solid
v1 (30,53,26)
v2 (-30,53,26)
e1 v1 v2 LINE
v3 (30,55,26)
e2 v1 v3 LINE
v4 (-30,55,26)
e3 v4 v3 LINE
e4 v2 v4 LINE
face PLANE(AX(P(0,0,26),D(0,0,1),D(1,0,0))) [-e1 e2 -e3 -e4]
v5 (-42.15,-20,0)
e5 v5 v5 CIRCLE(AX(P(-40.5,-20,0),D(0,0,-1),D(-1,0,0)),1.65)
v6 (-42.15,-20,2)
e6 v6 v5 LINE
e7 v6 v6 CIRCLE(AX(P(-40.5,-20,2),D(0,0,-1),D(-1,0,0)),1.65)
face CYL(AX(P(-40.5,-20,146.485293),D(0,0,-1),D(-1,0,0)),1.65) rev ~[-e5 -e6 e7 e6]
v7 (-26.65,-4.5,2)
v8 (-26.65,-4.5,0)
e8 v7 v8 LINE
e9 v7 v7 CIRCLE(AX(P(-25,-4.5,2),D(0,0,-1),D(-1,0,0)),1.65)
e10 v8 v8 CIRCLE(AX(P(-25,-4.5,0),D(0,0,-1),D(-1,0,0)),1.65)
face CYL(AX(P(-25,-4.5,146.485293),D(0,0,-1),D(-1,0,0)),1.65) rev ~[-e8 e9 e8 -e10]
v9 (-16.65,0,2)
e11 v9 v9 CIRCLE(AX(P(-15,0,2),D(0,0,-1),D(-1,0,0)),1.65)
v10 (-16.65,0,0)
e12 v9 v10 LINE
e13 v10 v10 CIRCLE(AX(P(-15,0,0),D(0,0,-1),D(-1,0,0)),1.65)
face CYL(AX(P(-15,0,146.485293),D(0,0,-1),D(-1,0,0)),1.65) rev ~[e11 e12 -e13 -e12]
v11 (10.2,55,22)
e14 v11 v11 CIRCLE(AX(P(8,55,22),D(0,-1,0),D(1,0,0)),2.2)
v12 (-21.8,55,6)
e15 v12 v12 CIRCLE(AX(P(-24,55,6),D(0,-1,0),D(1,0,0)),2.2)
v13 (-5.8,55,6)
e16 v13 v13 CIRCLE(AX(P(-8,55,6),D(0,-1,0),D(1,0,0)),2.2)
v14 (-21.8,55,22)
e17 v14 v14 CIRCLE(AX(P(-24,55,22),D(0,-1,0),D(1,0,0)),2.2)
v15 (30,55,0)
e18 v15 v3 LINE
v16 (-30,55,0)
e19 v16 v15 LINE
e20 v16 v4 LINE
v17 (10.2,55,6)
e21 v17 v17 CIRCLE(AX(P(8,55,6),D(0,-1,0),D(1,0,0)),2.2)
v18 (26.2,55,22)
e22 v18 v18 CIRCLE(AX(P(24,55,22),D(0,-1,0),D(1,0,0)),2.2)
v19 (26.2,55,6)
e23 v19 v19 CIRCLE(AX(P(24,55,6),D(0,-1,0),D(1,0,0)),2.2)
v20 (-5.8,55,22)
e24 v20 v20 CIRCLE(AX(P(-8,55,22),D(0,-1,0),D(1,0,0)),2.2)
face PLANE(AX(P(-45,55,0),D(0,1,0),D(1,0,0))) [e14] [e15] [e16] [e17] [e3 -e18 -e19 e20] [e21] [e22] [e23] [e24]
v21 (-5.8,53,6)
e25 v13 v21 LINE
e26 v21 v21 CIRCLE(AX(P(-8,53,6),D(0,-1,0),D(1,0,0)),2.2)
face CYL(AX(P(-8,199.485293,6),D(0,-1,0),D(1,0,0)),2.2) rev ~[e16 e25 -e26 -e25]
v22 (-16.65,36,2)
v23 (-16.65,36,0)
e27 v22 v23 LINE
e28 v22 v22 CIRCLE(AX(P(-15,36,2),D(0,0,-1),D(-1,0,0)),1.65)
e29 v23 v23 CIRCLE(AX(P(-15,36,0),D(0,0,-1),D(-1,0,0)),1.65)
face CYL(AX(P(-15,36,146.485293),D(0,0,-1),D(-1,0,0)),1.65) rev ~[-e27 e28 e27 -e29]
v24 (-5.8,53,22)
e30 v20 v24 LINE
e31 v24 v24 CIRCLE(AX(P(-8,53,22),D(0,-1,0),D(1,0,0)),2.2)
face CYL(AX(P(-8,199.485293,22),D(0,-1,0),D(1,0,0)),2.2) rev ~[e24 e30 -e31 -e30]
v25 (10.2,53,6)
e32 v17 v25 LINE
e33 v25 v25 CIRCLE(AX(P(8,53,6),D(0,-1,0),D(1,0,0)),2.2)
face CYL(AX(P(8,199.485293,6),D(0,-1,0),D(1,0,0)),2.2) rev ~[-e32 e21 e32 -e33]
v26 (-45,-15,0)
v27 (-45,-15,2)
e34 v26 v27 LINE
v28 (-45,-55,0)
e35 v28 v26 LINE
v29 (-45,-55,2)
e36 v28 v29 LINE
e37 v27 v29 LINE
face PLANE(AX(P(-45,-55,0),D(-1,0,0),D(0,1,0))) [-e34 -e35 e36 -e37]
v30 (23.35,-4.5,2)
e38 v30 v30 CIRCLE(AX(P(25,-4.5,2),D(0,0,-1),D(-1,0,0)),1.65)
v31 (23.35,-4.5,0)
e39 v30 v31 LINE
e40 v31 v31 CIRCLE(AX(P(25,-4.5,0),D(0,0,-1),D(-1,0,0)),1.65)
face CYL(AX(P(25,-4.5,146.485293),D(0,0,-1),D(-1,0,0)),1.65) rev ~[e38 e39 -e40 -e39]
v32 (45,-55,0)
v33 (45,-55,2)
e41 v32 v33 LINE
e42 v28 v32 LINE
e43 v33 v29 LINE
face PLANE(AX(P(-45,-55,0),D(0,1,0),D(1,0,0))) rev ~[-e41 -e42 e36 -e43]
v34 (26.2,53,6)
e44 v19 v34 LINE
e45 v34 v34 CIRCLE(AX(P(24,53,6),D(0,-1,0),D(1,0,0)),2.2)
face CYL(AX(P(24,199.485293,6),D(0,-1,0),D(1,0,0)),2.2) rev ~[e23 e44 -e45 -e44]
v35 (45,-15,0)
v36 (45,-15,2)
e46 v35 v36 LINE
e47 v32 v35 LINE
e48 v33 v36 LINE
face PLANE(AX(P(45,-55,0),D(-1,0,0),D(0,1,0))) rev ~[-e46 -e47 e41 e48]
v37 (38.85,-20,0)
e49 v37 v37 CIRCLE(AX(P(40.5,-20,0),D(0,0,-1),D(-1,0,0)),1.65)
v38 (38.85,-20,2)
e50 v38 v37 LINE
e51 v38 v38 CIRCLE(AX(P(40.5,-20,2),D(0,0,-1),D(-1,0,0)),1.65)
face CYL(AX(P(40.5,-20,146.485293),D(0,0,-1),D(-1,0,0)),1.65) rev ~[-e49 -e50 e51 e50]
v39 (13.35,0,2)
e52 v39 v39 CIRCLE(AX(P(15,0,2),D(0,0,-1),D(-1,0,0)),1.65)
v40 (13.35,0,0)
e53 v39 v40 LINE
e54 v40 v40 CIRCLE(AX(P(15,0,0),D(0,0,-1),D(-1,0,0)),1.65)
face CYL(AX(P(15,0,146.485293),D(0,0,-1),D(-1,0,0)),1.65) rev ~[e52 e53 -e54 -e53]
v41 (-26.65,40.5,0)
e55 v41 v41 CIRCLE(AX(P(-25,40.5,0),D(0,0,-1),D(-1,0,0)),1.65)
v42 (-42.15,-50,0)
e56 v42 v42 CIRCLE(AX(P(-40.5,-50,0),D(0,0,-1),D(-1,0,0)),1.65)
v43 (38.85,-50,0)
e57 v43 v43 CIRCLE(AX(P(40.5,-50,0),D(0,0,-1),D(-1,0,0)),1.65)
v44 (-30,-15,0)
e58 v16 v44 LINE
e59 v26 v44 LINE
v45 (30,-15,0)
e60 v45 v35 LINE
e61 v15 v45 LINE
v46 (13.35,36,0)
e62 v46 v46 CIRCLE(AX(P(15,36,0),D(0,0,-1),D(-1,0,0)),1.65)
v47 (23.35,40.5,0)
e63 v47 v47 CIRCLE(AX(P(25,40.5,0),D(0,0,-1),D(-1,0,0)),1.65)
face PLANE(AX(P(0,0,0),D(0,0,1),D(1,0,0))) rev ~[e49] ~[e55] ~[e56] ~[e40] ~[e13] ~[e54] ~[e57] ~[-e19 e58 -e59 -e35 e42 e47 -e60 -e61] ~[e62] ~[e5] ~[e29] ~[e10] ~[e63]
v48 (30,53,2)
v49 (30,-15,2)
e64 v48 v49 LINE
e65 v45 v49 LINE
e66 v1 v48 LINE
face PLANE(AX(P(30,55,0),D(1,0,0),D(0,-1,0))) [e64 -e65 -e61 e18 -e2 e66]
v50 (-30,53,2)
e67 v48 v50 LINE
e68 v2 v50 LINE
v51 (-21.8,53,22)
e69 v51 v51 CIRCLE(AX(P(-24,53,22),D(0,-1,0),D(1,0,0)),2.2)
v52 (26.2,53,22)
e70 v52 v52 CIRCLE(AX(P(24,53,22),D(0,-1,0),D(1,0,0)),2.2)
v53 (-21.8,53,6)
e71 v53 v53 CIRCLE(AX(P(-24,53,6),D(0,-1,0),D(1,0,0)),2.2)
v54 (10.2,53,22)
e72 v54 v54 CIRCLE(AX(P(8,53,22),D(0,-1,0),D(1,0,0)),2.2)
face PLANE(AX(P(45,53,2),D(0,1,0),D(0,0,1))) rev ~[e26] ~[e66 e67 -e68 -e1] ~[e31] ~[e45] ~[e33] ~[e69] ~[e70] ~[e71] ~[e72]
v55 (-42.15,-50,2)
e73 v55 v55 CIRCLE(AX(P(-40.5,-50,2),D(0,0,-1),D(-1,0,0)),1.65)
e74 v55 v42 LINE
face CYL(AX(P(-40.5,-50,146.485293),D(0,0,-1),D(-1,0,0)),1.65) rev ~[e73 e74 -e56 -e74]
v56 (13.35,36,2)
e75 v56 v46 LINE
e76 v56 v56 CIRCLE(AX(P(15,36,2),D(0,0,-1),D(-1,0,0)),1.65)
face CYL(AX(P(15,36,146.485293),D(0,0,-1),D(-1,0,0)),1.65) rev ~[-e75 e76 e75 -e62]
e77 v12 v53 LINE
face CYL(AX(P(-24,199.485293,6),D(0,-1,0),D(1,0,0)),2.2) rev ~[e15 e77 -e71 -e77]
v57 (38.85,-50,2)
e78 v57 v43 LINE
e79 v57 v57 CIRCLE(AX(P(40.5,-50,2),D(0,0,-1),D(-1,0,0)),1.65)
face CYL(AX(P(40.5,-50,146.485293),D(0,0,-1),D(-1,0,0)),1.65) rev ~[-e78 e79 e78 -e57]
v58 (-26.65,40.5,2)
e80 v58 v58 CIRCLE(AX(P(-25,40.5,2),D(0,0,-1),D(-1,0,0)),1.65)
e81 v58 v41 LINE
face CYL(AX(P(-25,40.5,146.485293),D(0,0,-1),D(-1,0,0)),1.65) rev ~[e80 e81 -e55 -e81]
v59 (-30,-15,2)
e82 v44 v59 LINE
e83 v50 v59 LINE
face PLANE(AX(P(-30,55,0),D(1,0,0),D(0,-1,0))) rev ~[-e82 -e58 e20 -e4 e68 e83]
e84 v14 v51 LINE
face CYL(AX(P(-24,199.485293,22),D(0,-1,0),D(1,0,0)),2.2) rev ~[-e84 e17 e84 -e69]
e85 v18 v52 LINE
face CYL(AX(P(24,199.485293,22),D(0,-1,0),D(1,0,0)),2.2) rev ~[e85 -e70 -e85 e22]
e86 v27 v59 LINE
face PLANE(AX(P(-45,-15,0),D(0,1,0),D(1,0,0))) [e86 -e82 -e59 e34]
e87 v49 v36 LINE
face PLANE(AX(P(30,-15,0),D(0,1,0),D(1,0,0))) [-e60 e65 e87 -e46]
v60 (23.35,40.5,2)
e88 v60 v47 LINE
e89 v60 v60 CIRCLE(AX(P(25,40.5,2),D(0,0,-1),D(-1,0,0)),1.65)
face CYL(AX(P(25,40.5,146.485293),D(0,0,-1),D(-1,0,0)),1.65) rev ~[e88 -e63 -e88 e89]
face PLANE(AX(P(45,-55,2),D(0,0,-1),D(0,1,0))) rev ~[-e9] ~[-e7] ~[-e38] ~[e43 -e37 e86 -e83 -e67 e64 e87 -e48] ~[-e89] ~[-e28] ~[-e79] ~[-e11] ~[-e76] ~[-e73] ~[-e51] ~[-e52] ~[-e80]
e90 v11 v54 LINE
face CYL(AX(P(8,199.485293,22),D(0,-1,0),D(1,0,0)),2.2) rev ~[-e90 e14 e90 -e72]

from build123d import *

# Parameters (mm, degrees)
F0_W     = 90
F0_H     = 110
F1_DEPTH = 26
F2_W     = 108
F2_H     = 24
F3_DEPTH = 90.001
F5_D     = 4.4
F6_W     = 15
F6_H     = 70
F7_DEPTH = 26.001
F9_D     = 3.3


with BuildPart() as f1:
    # F0 (on Top) → F1 (new body)
    with BuildSketch(Plane.XY):
        Rectangle(F0_W, F0_H)
    extrude(amount=F1_DEPTH)

    # F2 (on face) → F3 (cut, through all)
    with BuildSketch(Plane.YZ.offset(45)):
        with Locations((-1, 14)):
            Rectangle(F2_W, F2_H)
    extrude(amount=-F3_DEPTH, mode=Mode.SUBTRACT)

    # F5 (through all)
    with Locations(Plane(origin=(0, 55, 0), x_dir=(-1, 0, 0), z_dir=(0, 1, 0))):
        with Locations((-8, 22), (8, 22), (8, 6), (-8, 6), (-24, 22), (24, 22), (24, 6), (-24, 6)):
            Hole(F5_D / 2)

    # F6 (on face) → F7 (cut, through all)
    with BuildSketch(Plane(origin=(0, 0, 0), x_dir=(1, 0, 0), z_dir=(0, 0, -1))):
        with Locations((-37.5, -20)):
            Rectangle(F6_W, F6_H)
        with Locations((37.5, -20)):
            Rectangle(F6_W, F6_H)
    extrude(amount=-F7_DEPTH, mode=Mode.SUBTRACT)

    # F9 (through all)
    with Locations(Plane.XY.offset(2)):
        with Locations((25, 40.5), (15, 36), (-15, 36), (-25, 40.5), (-25, -4.5), (-15, 0), (15, 0), (25, -4.5), (40.5, -20), (40.5, -50), (-40.5, -50), (-40.5, -20)):
            Hole(F9_D / 2)


solid = f1.part
